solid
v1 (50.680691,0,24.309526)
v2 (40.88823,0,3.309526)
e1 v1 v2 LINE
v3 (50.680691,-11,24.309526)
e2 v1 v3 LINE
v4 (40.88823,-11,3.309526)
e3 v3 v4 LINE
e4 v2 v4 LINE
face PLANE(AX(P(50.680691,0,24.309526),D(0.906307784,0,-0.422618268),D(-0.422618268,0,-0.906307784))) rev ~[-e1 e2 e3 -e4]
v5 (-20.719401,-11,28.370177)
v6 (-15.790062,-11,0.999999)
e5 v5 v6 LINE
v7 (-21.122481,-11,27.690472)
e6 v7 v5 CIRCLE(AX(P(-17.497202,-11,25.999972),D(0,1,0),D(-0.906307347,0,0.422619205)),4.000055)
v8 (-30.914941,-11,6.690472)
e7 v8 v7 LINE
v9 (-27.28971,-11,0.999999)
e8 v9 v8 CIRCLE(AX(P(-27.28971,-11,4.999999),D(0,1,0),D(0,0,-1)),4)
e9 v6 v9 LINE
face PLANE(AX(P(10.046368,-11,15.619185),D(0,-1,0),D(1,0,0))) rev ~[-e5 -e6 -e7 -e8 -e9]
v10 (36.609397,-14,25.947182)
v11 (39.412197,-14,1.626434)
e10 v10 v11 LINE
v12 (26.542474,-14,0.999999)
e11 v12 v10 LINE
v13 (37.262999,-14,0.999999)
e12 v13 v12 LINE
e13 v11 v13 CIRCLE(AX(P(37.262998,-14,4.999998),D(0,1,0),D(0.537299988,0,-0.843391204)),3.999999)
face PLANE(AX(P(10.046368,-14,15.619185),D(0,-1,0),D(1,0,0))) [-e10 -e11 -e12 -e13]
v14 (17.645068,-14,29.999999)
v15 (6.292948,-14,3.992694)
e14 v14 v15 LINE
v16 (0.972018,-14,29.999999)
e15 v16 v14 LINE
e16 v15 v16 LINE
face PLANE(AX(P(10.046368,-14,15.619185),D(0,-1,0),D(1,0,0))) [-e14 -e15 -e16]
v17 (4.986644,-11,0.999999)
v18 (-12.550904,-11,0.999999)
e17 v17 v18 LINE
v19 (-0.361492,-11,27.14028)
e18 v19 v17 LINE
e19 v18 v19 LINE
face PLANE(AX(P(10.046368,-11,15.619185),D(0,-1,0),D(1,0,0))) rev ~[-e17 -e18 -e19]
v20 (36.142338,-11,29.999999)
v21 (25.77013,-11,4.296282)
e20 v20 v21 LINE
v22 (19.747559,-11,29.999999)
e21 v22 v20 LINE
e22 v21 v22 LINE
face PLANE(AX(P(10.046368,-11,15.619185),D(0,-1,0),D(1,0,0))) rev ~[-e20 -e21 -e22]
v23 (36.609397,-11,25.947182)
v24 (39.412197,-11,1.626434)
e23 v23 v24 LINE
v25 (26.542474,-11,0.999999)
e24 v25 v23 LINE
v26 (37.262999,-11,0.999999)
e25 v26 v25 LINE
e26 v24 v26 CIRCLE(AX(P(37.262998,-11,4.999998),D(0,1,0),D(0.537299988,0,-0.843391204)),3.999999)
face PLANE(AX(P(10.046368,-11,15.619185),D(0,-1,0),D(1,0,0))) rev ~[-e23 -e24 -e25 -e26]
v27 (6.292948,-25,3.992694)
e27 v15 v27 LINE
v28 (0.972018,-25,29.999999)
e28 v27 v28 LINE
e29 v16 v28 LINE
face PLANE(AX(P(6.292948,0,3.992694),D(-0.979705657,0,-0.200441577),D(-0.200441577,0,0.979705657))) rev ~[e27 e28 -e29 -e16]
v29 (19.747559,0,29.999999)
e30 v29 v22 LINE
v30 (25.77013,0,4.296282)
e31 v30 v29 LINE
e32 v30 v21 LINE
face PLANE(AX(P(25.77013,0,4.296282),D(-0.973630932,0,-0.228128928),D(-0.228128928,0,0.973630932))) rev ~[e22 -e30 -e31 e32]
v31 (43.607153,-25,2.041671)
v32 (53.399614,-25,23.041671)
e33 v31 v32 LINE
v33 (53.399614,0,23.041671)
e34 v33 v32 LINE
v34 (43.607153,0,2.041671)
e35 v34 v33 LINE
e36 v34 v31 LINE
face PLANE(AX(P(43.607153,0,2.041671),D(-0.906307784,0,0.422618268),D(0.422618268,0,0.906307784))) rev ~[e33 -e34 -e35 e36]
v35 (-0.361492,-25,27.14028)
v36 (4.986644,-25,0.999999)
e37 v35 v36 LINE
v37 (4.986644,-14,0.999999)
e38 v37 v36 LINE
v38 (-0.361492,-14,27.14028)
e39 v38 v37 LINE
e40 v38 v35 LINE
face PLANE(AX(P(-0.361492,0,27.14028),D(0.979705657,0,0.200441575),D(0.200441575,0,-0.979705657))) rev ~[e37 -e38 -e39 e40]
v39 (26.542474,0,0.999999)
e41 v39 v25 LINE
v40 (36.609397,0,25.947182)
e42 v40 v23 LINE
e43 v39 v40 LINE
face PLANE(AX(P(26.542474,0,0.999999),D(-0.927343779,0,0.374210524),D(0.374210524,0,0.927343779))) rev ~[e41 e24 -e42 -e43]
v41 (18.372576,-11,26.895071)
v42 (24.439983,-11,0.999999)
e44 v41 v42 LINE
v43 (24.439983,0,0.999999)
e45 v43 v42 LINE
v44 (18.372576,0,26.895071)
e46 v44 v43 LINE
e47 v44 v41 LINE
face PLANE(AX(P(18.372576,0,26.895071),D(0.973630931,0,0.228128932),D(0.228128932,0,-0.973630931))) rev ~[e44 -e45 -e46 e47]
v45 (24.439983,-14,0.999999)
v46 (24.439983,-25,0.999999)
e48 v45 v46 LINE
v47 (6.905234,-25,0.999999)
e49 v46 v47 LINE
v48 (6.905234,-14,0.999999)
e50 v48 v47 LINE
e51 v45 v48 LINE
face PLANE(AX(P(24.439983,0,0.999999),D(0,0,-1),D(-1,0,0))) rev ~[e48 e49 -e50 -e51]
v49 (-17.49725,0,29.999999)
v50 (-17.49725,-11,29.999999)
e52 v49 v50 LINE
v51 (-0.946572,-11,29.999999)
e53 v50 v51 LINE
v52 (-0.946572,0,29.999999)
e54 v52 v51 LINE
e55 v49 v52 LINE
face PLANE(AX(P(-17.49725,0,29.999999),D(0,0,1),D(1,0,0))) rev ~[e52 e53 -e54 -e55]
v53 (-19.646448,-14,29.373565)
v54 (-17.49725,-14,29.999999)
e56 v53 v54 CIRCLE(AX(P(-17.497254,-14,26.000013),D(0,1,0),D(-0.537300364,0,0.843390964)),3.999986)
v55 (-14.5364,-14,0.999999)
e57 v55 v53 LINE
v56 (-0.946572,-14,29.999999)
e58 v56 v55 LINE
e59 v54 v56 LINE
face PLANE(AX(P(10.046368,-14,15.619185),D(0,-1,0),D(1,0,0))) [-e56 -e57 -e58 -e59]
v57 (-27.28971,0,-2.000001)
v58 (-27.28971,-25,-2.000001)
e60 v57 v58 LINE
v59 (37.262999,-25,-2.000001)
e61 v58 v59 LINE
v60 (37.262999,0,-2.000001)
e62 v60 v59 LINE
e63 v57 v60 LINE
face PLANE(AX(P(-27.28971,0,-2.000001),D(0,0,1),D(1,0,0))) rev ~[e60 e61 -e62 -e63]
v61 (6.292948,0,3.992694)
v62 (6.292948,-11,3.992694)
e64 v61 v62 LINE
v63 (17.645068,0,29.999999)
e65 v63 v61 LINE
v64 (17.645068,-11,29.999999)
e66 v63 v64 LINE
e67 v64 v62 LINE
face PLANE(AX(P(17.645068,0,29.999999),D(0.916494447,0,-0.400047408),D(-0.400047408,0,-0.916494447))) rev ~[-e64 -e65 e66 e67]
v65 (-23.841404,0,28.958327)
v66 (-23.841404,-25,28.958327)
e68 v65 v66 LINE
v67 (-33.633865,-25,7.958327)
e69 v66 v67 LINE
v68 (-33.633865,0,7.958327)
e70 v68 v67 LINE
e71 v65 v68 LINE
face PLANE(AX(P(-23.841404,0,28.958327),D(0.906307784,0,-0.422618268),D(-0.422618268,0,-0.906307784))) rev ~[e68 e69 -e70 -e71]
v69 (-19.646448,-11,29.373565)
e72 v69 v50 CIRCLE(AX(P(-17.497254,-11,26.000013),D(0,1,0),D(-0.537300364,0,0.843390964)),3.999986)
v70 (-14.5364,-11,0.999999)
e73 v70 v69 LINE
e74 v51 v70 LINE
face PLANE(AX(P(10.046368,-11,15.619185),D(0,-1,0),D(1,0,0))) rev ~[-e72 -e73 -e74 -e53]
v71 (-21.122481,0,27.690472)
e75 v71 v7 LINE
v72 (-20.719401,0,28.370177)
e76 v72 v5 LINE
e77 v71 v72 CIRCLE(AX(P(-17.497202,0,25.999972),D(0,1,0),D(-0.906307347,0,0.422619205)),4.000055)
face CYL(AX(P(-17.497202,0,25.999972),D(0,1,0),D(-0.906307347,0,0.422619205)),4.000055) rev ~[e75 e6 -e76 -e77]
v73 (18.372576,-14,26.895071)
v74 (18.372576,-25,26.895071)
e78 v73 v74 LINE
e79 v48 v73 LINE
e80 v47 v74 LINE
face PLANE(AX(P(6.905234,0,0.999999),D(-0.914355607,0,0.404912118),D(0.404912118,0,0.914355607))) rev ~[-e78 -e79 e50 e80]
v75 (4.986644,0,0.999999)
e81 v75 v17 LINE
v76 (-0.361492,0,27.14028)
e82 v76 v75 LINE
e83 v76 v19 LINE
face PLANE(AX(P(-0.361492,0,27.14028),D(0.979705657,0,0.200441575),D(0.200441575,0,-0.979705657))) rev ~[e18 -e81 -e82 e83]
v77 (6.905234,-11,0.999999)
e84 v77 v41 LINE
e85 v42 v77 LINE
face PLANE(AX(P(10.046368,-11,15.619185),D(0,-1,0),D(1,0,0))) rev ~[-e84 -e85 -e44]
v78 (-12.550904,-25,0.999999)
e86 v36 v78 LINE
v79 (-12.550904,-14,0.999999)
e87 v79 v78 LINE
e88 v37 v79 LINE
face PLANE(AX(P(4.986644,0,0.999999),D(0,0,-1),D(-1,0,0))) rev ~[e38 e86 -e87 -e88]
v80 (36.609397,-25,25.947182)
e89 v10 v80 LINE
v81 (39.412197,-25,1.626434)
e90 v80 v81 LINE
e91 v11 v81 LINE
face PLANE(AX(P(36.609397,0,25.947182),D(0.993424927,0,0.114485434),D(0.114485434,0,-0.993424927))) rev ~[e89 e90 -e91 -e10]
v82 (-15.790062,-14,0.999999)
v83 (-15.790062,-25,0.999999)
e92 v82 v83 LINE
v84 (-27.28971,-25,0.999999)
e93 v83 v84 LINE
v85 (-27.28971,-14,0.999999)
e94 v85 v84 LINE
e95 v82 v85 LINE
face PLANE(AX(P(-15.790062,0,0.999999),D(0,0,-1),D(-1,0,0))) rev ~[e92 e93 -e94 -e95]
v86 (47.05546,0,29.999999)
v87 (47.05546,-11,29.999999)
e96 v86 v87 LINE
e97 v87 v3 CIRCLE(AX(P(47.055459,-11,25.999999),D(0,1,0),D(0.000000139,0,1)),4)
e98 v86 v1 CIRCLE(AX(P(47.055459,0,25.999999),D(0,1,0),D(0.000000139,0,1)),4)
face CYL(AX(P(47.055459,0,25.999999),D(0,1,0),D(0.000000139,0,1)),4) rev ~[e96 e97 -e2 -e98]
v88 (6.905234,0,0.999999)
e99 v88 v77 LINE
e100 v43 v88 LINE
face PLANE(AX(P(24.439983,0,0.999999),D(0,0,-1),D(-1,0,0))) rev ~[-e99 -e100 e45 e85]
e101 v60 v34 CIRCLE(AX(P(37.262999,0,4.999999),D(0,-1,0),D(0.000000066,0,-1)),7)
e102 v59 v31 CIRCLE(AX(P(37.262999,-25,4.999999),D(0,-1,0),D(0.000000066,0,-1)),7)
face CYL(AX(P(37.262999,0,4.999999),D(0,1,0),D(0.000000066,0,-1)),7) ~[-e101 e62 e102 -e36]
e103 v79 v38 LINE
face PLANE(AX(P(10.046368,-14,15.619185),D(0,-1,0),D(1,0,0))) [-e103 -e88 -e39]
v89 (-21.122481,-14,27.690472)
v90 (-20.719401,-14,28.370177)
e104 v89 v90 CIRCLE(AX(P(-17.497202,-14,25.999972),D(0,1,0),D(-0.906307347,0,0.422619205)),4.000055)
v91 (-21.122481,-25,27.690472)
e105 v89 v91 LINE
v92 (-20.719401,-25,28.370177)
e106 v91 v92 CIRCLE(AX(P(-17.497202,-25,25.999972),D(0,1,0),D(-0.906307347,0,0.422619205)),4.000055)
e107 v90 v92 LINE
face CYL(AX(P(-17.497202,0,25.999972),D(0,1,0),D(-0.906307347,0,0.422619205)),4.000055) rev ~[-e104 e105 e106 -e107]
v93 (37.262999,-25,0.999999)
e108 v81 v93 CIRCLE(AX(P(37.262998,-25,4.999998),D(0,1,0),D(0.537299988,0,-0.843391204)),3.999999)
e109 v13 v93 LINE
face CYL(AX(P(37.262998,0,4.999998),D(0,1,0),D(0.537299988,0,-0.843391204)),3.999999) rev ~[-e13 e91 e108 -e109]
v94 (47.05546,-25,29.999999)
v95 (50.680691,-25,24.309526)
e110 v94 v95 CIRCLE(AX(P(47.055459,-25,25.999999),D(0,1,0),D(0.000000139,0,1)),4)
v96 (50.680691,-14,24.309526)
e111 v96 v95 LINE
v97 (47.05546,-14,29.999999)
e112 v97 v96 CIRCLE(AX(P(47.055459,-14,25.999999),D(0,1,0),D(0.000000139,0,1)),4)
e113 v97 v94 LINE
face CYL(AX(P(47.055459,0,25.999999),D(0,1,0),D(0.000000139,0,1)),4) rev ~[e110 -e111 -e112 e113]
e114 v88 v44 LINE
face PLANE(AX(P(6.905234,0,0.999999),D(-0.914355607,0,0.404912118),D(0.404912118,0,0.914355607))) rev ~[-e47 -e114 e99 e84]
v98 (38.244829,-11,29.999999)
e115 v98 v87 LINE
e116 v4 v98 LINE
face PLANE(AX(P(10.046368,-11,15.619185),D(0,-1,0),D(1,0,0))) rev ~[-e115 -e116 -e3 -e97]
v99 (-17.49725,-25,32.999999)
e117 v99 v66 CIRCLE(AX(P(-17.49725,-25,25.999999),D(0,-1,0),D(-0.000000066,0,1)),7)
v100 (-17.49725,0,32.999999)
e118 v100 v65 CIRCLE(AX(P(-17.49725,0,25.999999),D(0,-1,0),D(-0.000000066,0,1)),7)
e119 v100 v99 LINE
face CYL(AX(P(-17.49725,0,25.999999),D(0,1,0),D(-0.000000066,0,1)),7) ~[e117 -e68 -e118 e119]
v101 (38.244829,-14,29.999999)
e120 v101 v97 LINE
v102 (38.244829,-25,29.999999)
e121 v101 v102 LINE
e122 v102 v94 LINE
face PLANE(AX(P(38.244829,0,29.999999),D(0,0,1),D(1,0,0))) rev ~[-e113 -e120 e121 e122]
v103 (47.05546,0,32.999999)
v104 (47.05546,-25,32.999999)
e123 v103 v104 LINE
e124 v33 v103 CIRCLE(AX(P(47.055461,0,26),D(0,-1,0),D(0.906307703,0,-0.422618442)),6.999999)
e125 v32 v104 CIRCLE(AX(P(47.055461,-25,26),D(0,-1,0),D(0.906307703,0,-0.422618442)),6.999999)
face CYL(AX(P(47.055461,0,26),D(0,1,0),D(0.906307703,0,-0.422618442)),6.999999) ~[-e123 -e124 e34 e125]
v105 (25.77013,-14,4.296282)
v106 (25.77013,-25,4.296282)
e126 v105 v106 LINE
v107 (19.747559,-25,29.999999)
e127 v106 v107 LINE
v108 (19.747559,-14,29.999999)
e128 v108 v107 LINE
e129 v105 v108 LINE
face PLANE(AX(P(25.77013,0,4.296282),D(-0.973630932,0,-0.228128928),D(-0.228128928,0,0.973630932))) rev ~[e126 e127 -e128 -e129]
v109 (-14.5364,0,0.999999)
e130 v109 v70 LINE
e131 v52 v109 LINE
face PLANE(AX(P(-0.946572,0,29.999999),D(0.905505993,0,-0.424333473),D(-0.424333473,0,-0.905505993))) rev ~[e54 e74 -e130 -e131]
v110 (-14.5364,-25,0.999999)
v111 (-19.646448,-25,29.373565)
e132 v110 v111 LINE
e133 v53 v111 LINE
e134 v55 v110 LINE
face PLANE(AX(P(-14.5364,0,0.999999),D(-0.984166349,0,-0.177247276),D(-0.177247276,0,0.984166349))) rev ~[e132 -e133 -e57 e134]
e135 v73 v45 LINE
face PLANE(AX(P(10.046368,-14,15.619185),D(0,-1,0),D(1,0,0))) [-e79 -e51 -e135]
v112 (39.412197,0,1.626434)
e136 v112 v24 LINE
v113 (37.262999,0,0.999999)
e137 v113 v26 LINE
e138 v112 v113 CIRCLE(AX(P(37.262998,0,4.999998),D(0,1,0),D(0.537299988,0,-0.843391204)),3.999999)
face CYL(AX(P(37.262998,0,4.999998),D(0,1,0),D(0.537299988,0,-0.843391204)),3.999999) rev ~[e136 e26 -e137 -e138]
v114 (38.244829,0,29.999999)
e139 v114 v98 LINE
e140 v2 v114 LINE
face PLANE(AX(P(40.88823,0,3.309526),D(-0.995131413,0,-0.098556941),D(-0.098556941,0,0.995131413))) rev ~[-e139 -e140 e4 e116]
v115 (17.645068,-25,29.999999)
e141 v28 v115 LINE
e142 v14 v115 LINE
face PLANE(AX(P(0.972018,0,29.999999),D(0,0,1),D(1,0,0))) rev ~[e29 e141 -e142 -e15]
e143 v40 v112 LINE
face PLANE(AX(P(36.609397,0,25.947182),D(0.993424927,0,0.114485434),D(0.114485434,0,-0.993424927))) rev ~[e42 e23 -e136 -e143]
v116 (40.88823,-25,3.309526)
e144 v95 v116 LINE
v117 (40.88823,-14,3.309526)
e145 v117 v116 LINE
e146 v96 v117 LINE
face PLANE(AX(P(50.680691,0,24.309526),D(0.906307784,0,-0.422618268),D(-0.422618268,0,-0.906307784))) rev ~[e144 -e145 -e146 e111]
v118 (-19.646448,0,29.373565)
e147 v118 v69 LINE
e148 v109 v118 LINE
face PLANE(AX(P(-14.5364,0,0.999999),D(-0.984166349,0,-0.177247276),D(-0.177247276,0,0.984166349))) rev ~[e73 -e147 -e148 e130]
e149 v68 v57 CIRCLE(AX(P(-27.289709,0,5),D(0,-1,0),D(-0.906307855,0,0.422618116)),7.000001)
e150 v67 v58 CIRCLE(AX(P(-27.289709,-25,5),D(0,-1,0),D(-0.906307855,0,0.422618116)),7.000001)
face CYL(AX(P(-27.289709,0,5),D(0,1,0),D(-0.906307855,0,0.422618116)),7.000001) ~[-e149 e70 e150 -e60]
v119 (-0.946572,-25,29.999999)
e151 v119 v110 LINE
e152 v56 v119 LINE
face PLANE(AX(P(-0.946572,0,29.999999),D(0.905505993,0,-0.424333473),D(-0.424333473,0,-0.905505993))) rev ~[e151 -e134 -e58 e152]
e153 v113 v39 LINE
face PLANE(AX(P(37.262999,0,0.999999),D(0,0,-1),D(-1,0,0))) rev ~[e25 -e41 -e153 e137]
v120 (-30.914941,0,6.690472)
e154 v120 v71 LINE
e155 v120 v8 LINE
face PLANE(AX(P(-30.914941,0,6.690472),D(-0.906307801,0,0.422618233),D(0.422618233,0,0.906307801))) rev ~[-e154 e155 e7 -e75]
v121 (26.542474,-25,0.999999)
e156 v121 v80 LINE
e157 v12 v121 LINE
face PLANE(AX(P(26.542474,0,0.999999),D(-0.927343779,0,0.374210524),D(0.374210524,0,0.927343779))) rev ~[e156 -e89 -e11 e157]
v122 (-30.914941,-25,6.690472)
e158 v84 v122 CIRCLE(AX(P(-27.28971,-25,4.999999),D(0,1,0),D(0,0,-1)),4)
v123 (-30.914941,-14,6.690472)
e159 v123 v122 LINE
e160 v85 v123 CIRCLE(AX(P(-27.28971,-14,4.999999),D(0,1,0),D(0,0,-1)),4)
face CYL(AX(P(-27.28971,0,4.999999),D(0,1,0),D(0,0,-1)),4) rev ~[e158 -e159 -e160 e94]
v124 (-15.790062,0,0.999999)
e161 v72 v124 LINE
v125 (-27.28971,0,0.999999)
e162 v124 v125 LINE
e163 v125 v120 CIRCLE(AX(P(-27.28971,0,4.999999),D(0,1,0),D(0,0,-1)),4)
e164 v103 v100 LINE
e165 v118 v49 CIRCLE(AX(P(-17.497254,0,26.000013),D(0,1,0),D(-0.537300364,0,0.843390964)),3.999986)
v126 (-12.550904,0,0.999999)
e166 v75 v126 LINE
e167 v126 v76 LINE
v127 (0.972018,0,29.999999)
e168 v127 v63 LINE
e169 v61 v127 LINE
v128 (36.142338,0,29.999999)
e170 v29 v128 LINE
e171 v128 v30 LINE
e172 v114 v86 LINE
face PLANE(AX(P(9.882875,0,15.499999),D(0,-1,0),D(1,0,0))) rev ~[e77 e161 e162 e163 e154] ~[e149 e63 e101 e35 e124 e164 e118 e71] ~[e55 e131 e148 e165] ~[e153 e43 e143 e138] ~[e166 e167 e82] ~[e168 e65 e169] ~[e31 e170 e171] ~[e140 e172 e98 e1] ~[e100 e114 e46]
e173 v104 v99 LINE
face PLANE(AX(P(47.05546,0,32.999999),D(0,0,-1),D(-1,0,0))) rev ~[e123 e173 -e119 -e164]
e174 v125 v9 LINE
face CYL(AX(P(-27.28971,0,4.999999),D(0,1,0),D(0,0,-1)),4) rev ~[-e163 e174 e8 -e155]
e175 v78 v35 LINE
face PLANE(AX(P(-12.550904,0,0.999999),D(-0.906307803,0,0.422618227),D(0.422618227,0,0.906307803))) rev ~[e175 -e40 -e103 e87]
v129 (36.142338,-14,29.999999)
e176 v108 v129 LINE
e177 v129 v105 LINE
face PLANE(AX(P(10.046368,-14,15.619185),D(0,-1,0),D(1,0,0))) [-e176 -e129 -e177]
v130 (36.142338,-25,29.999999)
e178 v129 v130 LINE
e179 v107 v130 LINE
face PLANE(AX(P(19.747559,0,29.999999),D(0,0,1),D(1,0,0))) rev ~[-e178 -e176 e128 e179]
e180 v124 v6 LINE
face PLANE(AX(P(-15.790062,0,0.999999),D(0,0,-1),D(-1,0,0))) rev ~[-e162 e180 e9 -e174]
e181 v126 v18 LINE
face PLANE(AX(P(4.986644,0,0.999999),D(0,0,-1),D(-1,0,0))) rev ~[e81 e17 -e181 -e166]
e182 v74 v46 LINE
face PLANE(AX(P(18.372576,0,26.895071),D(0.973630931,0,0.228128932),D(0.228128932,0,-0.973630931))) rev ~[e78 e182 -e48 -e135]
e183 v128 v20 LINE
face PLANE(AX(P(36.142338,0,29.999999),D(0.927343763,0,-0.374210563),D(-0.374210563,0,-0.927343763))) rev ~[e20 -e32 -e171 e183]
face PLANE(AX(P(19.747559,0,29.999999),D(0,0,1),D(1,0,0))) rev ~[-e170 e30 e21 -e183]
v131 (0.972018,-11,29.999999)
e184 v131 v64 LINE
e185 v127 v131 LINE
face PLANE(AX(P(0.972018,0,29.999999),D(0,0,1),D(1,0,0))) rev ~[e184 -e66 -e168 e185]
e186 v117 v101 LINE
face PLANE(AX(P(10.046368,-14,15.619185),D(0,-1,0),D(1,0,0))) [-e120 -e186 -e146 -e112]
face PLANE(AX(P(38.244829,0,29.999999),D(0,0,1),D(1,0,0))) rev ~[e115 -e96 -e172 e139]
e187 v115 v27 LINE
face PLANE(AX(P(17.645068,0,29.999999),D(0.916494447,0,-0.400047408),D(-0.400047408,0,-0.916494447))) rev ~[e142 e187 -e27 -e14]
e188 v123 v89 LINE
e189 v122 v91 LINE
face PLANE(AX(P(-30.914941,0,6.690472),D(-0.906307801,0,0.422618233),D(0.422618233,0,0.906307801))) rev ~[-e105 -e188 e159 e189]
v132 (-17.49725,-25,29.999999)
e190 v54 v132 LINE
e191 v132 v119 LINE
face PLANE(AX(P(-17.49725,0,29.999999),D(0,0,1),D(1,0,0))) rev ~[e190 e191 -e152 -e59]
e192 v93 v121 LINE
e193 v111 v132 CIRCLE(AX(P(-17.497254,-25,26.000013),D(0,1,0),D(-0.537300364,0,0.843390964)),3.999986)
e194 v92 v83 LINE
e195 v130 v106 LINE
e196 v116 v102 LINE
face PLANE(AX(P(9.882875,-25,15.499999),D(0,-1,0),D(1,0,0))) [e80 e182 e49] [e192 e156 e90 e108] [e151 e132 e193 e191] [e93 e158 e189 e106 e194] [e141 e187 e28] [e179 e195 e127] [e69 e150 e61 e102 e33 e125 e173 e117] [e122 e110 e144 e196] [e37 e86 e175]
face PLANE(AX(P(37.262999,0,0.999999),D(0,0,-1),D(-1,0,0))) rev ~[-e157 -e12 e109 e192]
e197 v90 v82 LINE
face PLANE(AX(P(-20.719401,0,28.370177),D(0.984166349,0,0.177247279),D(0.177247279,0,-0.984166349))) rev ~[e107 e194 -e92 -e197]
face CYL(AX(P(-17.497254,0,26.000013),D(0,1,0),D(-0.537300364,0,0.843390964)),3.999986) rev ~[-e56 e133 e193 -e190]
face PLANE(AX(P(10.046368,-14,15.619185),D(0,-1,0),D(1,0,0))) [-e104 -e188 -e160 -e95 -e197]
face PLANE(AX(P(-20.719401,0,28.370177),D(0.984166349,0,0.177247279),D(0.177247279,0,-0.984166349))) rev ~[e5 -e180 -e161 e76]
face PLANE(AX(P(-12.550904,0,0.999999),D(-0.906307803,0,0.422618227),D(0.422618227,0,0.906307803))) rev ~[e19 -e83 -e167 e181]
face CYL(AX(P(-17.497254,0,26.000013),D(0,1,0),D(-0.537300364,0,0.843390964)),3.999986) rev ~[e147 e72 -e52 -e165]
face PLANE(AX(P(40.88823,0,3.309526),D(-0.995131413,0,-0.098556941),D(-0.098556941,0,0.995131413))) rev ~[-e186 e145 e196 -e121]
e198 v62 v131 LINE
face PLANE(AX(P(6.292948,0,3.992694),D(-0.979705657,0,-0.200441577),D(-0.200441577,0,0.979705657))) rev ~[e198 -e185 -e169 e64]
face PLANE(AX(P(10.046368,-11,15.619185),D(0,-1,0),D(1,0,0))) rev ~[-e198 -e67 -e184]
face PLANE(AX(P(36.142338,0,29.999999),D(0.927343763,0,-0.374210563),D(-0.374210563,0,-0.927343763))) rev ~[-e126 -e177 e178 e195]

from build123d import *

# Parameters (mm, degrees)
F1_DEPTH = 25
F4_DEPTH = 1.5


with BuildPart() as f1:
    # F0 (on Front) → F1 (new body)
    with BuildSketch(Plane.XZ):
        with BuildLine():
            ThreePointArc((-33.633865, 7.958327), (-33.19345, 1.238902), (-27.28971, -2.000001))
            Line((-27.28971, -2.000001), (37.262999, -2.000001))
            ThreePointArc((37.262999, -2.000001), (41.024096, -0.903741), (43.607153, 2.041671))
            Line((43.607153, 2.041671), (53.399614, 23.041671))
            ThreePointArc((53.399614, 23.041671), (52.9592, 29.761097), (47.05546, 32.999999))
            Line((47.05546, 32.999999), (-17.49725, 32.999999))
            ThreePointArc((-17.49725, 32.999999), (-21.258347, 31.903739), (-23.841404, 28.958327))
            Line((-23.841404, 28.958327), (-33.633865, 7.958327))
        make_face()
        with BuildLine():
            Line((-30.914941, 6.690472), (-21.122481, 27.690472))
            ThreePointArc((-21.122481, 27.690472), (-20.937767, 28.040303), (-20.719401, 28.370177))
            Line((-20.719401, 28.370177), (-15.790062, 0.999999))
            Line((-15.790062, 0.999999), (-27.28971, 0.999999))
            ThreePointArc((-27.28971, 0.999999), (-30.663276, 2.850801), (-30.914941, 6.690472))
        make_face(mode=Mode.SUBTRACT)
        with BuildLine():
            ThreePointArc((-19.646448, 29.373565), (-18.616566, 29.840199), (-17.49725, 29.999999))
            Line((-17.49725, 29.999999), (-0.946572, 29.999999))
            Line((-0.946572, 29.999999), (-14.5364, 0.999999))
            Line((-14.5364, 0.999999), (-19.646448, 29.373565))
        make_face(mode=Mode.SUBTRACT)
        Polygon((-12.550904, 0.999999), (-0.361492, 27.14028), (4.986644, 0.999999), align=None, mode=Mode.SUBTRACT)
        Polygon((6.905234, 0.999999), (18.372576, 26.895071), (24.439983, 0.999999), align=None, mode=Mode.SUBTRACT)
        with BuildLine():
            ThreePointArc((39.412197, 1.626434), (38.382315, 1.1598), (37.262999, 0.999999))
            Line((37.262999, 0.999999), (26.542474, 0.999999))
            Line((26.542474, 0.999999), (36.609397, 25.947182))
            Line((36.609397, 25.947182), (39.412197, 1.626434))
        make_face(mode=Mode.SUBTRACT)
        Polygon((17.645068, 29.999999), (6.292948, 3.992694), (0.972018, 29.999999), align=None, mode=Mode.SUBTRACT)
        Polygon((36.142338, 29.999999), (25.77013, 4.296282), (19.747559, 29.999999), align=None, mode=Mode.SUBTRACT)
        with BuildLine():
            ThreePointArc((47.05546, 29.999999), (50.429025, 28.149198), (50.680691, 24.309526))
            Line((50.680691, 24.309526), (40.88823, 3.309526))
            Line((40.88823, 3.309526), (38.244829, 29.999999))
            Line((38.244829, 29.999999), (47.05546, 29.999999))
        make_face(mode=Mode.SUBTRACT)
    extrude(amount=F1_DEPTH)

    # F3 (on offset) → F4 (join, symmetric)
    with BuildSketch(Plane.XZ.offset(12.5)):
        Polygon((-32.50682, 4.622142), (-29.003944, -0.644573), (40.218219, 0), (49.982231, 17.865283), (52.67575, 25.833612), (50.543383, 29.761663), (46.615332, 31.894032), (-16.457932, 31.894032), (-21.059362, 30.098353), align=None)
    extrude(amount=F4_DEPTH, both=True)


solid = f1.part
